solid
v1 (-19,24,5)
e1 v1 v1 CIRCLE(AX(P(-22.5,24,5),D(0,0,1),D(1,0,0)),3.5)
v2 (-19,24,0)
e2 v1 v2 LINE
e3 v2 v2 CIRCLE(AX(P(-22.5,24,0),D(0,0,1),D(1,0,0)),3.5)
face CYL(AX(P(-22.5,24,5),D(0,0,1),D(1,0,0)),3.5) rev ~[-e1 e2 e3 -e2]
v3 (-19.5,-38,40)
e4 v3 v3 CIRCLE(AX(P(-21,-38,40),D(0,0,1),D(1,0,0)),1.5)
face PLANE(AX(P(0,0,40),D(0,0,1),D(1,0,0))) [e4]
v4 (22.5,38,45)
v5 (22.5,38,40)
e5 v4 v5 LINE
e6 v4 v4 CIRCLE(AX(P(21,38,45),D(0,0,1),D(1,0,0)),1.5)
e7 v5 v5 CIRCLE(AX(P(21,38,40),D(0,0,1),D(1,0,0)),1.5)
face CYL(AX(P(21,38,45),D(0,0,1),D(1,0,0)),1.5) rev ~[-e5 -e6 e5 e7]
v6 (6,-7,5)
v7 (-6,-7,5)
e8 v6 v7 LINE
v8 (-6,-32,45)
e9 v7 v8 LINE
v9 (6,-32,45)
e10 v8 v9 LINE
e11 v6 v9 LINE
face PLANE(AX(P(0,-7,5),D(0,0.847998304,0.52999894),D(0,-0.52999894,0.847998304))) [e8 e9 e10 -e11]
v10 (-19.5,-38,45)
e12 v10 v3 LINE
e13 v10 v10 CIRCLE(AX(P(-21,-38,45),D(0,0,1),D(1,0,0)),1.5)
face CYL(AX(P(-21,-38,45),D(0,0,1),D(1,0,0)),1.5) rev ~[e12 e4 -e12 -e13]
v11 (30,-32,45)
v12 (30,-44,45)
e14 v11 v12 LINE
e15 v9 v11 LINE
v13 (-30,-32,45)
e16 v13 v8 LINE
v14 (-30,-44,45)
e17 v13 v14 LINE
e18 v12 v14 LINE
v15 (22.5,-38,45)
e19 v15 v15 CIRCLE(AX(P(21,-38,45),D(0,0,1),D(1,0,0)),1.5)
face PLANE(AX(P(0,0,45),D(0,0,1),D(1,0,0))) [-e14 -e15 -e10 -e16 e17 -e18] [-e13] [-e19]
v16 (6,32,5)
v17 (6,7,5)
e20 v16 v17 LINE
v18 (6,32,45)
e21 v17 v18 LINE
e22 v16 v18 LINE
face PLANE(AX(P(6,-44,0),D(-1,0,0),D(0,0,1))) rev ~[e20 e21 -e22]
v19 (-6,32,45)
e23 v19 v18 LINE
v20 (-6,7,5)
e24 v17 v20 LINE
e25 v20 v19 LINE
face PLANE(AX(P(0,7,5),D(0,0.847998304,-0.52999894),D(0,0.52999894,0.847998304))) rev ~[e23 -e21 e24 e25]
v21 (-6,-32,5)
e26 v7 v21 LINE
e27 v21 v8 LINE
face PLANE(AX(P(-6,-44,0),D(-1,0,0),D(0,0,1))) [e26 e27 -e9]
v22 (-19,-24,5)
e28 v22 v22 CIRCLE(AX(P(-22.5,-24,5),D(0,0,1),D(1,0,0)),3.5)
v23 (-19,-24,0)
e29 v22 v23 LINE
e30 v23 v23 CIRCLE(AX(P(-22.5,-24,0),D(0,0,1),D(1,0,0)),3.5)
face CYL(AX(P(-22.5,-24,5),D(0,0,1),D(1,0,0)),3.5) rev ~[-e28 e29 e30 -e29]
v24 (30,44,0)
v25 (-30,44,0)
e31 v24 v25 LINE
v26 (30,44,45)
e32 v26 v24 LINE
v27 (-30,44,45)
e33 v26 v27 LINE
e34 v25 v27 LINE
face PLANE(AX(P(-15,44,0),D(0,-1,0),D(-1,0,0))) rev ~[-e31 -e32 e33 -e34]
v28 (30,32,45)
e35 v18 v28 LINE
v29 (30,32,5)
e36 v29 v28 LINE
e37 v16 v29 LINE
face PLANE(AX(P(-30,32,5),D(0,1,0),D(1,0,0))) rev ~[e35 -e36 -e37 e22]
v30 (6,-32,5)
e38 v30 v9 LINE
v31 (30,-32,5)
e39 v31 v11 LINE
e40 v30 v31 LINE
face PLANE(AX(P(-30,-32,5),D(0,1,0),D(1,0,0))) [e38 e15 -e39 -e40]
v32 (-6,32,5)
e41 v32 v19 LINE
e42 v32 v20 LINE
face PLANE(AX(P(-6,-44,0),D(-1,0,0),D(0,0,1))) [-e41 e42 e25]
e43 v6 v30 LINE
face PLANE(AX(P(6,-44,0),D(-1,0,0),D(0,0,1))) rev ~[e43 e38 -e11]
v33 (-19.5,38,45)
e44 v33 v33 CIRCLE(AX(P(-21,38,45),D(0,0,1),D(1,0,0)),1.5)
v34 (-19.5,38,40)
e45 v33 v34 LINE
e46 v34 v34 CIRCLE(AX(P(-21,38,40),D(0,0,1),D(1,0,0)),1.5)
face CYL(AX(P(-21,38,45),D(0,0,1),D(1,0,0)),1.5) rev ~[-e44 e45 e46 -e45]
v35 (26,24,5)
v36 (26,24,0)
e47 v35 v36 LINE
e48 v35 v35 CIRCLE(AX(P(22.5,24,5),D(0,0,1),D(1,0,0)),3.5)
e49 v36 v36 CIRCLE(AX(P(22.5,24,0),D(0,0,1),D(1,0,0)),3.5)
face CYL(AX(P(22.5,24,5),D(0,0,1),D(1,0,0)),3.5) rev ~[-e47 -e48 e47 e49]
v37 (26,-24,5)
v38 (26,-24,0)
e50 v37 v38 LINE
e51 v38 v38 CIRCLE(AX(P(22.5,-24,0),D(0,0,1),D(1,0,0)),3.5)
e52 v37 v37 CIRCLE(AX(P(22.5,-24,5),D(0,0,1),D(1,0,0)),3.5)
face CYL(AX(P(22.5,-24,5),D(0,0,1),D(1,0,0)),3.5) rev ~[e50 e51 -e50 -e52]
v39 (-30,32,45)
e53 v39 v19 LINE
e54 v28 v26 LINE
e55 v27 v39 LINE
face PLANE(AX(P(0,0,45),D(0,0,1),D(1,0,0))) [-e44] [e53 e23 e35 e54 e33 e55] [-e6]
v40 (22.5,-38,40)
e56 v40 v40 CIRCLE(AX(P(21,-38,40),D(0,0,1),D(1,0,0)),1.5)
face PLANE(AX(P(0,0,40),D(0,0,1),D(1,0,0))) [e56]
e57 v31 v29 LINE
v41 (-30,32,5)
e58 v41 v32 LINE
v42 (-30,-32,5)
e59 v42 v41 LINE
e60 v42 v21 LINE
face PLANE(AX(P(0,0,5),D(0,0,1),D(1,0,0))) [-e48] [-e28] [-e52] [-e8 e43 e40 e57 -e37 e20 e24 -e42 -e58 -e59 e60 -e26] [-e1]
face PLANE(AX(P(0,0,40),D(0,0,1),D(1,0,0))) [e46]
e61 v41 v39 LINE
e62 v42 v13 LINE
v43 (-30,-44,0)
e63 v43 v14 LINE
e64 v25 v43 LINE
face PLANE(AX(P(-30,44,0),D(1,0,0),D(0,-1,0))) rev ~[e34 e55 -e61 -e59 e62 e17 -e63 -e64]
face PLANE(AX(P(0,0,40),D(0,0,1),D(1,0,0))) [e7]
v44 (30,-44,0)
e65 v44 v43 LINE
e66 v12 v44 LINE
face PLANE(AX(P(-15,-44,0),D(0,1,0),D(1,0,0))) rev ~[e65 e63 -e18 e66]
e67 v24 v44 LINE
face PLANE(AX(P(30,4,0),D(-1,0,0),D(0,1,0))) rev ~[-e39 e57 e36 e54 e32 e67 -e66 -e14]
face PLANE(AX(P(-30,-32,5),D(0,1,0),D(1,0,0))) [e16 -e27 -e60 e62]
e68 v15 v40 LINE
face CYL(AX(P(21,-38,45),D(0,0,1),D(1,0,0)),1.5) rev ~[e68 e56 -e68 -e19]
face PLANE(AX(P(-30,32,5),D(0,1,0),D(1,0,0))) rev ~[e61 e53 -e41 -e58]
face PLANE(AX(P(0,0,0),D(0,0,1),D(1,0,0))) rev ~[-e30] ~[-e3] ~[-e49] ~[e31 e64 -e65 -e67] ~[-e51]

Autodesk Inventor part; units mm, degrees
ref_plane "YZ Plane" through (0, 0, 0) normal (1, 0, 0) x (0, 1, 0)
ref_plane "XZ Plane" through (0, 0, 0) normal (0, 1, 0) x (-1, 0, 0)
ref_plane "XY Plane" through (0, 0, 0) normal (0, 0, 1) x (1, 0, 0)
sketch "Sketch1" plane through (0, 0, 0) normal (0, 0, 1) x (1, 0, 0)
  line L0 (-30, 44) -> (-30, -44) projected
  line L1 (-30, -44) -> (30, -44) projected
  line L2 (30, -44) -> (30, 44) projected
  line L3 (30, 44) -> (-30, 44) projected
  circle A0 centre (22.5, -24) radius 3 projected
  circle A1 centre (-22.5, -24) radius 3 projected
  line L4 (-15, -4) -> (-30, -4) projected
  line L5 (-30, -4) -> (-30, -44) projected
  line L6 (-15, -44) -> (-30, -44) projected
  line L7 (-15, -4) -> (-15, -44) projected
  circle A2 centre (-22.5, 24) radius 3 projected
  line L8 (-15, 44) -> (-30, 44) projected
  line L9 (-30, 44) -> (-30, 4) projected
  line L10 (-15, 4) -> (-30, 4) projected
  line L11 (-15, 44) -> (-15, 4) projected
  circle A3 centre (-22.5, 24) radius 3 projected
  line L12 (-15, 4) -> (-30, 4) projected
  line L13 (-30, 4) -> (-30, 44) projected
  line L14 (-15, 44) -> (-30, 44) projected
  line L15 (-15, 4) -> (-15, 44) projected
  circle A4 centre (-22.5, 24) radius 3 projected
  line L16 (-15, 4) -> (-30, 4) projected
  line L17 (-30, 4) -> (-30, 44) projected
  line L18 (-15, 44) -> (-30, 44) projected
  line L19 (-15, 4) -> (-15, 44) projected
  circle A5 centre (-22.5, 24) radius 3 projected
  line L20 (-15, 4) -> (-30, 4) projected
  line L21 (-30, 4) -> (-30, 44) projected
  line L22 (-15, 44) -> (-30, 44) projected
  line L23 (-15, 4) -> (-15, 44) projected
  circle A6 centre (-22.5, 24) radius 3 projected
  line L24 (-15, 4) -> (-30, 4) projected
  line L25 (-30, 4) -> (-30, 44) projected
  line L26 (-15, 44) -> (-30, 44) projected
  line L27 (-15, 4) -> (-15, 44) projected
  circle A7 centre (-22.5, 24) radius 3 projected
  line L28 (-15, 4) -> (-30, 4) projected
  line L29 (-30, 4) -> (-30, 44) projected
  line L30 (-15, 44) -> (-30, 44) projected
  line L31 (-15, 4) -> (-15, 44) projected
  circle A8 centre (22.5, 24) radius 3 projected
  line L32 (30, 4) -> (15, 4) projected
  line L33 (15, 4) -> (15, 44) projected
  line L34 (30, 44) -> (15, 44) projected
  line L35 (30, 4) -> (30, 44) projected
  point P0 (0, 0)
extrude "Extrusion1" add sketch "Sketch1" along normal blind 5
sketch "Sketch2" plane through (0, 0, 5) normal (0, 0, 1) x (1, 0, 0)
  line L0 (30, 44) -> (-30, 44) projected
  line L1 (-30, 44) -> (-30, -44) projected
  line L2 (30, 44) -> (-30, 44)
  line L3 (-30, 44) -> (-30, 32)
  line L4 (-30, 32) -> (30, 32)
  line L5 (30, 32) -> (30, 44)
  line L6 (30, -44) -> (-30, -44)
  line L7 (-30, -44) -> (-30, -32)
  line L8 (-30, -32) -> (30, -32)
  line L9 (30, -32) -> (30, -44)
  point P0 (0, 0)
  dimension "d2" = 12
  dimension "d3" = 12
extrude "Extrusion2" add sketch "Sketch2" along normal blind 40
sketch "Sketch3" plane through (0, 0, 45) normal (0, 0, 1) x (1, 0, 0)
  circle A0 centre (21, 38) radius 1.5
  circle A1 centre (-21, 38) radius 1.5
  circle A2 centre (21, -38) radius 1.5
  circle A3 centre (-21, -38) radius 1.5
  line L0 (-30, 32) -> (30, 32) projected
  line L1 (-30, -44) -> (30, -44) projected
  line L2 (30, 32) -> (30, 44) projected
  line L3 (30, -44) -> (30, -32) projected
  point P0 (0, 0)
  dimension "d6" = 3
  dimension "d7" = 3
  dimension "d8" = 3
  dimension "d9" = 3
  dimension "d10" = 6
  dimension "d11" = 6
  dimension "d12" = 42
  dimension "d13" = 42
  dimension "d14" = 9
  dimension "d15" = 9
extrude "Extrusion3" cut sketch "Sketch3" against normal blind 5
sketch "Sketch4" plane through (0, 0, 5) normal (0, 0, 1) x (1, 0, 0)
  circle A0 centre (22.5, 24) radius 3 projected
  circle A1 centre (22.5, 24) radius 3.5
  circle A2 centre (22.5, -24) radius 3 projected
  circle A3 centre (22.5, -24) radius 3.5
  circle A4 centre (-22.5, 24) radius 3 projected
  circle A5 centre (-22.5, 24) radius 3.5
  circle A6 centre (-22.5, -24) radius 3 projected
  circle A7 centre (-22.5, -24) radius 3.5
  point P0 (0, 0)
  dimension "d18" = 7
  dimension "d19" = 7
  dimension "d20" = 7
  dimension "d21" = 7
extrude "Extrusion4" cut sketch "Sketch4" against normal blind 5 contours A0 | A1 | A2 | A3 | A4 | A5 | A6 | A7
ref_plane "Work Plane1" through (0, -44, 0) normal (-1, 0, 0) x (0, 0, 1)
sketch "Sketch5" plane through (0, -44, 0) normal (-1, 0, 0) x (0, 0, 1)
  line L0 (5, 76) -> (5, 12) projected
  line L1 (5, 76) -> (5, 51)
  line L2 (45, 76) -> (45, 88) projected
  line L3 (5, 51) -> (45, 76)
  line L4 (5, 76) -> (45, 76) projected
  line L5 (45, 76) -> (5, 76)
  line L6 (5, 12) -> (45, 12) projected
  line L7 (5, 12) -> (5, 37)
  line L8 (45, 12) -> (45, 0) projected
  line L9 (5, 37) -> (45, 12)
  line L10 (45, 12) -> (5, 12)
  point P0 (0, 44)
  dimension "d24" = 25
  dimension "d25" = 25
extrude "Extrusion5" add sketch "Sketch5" along normal mid plane 12
properties part number "bearingV2"
